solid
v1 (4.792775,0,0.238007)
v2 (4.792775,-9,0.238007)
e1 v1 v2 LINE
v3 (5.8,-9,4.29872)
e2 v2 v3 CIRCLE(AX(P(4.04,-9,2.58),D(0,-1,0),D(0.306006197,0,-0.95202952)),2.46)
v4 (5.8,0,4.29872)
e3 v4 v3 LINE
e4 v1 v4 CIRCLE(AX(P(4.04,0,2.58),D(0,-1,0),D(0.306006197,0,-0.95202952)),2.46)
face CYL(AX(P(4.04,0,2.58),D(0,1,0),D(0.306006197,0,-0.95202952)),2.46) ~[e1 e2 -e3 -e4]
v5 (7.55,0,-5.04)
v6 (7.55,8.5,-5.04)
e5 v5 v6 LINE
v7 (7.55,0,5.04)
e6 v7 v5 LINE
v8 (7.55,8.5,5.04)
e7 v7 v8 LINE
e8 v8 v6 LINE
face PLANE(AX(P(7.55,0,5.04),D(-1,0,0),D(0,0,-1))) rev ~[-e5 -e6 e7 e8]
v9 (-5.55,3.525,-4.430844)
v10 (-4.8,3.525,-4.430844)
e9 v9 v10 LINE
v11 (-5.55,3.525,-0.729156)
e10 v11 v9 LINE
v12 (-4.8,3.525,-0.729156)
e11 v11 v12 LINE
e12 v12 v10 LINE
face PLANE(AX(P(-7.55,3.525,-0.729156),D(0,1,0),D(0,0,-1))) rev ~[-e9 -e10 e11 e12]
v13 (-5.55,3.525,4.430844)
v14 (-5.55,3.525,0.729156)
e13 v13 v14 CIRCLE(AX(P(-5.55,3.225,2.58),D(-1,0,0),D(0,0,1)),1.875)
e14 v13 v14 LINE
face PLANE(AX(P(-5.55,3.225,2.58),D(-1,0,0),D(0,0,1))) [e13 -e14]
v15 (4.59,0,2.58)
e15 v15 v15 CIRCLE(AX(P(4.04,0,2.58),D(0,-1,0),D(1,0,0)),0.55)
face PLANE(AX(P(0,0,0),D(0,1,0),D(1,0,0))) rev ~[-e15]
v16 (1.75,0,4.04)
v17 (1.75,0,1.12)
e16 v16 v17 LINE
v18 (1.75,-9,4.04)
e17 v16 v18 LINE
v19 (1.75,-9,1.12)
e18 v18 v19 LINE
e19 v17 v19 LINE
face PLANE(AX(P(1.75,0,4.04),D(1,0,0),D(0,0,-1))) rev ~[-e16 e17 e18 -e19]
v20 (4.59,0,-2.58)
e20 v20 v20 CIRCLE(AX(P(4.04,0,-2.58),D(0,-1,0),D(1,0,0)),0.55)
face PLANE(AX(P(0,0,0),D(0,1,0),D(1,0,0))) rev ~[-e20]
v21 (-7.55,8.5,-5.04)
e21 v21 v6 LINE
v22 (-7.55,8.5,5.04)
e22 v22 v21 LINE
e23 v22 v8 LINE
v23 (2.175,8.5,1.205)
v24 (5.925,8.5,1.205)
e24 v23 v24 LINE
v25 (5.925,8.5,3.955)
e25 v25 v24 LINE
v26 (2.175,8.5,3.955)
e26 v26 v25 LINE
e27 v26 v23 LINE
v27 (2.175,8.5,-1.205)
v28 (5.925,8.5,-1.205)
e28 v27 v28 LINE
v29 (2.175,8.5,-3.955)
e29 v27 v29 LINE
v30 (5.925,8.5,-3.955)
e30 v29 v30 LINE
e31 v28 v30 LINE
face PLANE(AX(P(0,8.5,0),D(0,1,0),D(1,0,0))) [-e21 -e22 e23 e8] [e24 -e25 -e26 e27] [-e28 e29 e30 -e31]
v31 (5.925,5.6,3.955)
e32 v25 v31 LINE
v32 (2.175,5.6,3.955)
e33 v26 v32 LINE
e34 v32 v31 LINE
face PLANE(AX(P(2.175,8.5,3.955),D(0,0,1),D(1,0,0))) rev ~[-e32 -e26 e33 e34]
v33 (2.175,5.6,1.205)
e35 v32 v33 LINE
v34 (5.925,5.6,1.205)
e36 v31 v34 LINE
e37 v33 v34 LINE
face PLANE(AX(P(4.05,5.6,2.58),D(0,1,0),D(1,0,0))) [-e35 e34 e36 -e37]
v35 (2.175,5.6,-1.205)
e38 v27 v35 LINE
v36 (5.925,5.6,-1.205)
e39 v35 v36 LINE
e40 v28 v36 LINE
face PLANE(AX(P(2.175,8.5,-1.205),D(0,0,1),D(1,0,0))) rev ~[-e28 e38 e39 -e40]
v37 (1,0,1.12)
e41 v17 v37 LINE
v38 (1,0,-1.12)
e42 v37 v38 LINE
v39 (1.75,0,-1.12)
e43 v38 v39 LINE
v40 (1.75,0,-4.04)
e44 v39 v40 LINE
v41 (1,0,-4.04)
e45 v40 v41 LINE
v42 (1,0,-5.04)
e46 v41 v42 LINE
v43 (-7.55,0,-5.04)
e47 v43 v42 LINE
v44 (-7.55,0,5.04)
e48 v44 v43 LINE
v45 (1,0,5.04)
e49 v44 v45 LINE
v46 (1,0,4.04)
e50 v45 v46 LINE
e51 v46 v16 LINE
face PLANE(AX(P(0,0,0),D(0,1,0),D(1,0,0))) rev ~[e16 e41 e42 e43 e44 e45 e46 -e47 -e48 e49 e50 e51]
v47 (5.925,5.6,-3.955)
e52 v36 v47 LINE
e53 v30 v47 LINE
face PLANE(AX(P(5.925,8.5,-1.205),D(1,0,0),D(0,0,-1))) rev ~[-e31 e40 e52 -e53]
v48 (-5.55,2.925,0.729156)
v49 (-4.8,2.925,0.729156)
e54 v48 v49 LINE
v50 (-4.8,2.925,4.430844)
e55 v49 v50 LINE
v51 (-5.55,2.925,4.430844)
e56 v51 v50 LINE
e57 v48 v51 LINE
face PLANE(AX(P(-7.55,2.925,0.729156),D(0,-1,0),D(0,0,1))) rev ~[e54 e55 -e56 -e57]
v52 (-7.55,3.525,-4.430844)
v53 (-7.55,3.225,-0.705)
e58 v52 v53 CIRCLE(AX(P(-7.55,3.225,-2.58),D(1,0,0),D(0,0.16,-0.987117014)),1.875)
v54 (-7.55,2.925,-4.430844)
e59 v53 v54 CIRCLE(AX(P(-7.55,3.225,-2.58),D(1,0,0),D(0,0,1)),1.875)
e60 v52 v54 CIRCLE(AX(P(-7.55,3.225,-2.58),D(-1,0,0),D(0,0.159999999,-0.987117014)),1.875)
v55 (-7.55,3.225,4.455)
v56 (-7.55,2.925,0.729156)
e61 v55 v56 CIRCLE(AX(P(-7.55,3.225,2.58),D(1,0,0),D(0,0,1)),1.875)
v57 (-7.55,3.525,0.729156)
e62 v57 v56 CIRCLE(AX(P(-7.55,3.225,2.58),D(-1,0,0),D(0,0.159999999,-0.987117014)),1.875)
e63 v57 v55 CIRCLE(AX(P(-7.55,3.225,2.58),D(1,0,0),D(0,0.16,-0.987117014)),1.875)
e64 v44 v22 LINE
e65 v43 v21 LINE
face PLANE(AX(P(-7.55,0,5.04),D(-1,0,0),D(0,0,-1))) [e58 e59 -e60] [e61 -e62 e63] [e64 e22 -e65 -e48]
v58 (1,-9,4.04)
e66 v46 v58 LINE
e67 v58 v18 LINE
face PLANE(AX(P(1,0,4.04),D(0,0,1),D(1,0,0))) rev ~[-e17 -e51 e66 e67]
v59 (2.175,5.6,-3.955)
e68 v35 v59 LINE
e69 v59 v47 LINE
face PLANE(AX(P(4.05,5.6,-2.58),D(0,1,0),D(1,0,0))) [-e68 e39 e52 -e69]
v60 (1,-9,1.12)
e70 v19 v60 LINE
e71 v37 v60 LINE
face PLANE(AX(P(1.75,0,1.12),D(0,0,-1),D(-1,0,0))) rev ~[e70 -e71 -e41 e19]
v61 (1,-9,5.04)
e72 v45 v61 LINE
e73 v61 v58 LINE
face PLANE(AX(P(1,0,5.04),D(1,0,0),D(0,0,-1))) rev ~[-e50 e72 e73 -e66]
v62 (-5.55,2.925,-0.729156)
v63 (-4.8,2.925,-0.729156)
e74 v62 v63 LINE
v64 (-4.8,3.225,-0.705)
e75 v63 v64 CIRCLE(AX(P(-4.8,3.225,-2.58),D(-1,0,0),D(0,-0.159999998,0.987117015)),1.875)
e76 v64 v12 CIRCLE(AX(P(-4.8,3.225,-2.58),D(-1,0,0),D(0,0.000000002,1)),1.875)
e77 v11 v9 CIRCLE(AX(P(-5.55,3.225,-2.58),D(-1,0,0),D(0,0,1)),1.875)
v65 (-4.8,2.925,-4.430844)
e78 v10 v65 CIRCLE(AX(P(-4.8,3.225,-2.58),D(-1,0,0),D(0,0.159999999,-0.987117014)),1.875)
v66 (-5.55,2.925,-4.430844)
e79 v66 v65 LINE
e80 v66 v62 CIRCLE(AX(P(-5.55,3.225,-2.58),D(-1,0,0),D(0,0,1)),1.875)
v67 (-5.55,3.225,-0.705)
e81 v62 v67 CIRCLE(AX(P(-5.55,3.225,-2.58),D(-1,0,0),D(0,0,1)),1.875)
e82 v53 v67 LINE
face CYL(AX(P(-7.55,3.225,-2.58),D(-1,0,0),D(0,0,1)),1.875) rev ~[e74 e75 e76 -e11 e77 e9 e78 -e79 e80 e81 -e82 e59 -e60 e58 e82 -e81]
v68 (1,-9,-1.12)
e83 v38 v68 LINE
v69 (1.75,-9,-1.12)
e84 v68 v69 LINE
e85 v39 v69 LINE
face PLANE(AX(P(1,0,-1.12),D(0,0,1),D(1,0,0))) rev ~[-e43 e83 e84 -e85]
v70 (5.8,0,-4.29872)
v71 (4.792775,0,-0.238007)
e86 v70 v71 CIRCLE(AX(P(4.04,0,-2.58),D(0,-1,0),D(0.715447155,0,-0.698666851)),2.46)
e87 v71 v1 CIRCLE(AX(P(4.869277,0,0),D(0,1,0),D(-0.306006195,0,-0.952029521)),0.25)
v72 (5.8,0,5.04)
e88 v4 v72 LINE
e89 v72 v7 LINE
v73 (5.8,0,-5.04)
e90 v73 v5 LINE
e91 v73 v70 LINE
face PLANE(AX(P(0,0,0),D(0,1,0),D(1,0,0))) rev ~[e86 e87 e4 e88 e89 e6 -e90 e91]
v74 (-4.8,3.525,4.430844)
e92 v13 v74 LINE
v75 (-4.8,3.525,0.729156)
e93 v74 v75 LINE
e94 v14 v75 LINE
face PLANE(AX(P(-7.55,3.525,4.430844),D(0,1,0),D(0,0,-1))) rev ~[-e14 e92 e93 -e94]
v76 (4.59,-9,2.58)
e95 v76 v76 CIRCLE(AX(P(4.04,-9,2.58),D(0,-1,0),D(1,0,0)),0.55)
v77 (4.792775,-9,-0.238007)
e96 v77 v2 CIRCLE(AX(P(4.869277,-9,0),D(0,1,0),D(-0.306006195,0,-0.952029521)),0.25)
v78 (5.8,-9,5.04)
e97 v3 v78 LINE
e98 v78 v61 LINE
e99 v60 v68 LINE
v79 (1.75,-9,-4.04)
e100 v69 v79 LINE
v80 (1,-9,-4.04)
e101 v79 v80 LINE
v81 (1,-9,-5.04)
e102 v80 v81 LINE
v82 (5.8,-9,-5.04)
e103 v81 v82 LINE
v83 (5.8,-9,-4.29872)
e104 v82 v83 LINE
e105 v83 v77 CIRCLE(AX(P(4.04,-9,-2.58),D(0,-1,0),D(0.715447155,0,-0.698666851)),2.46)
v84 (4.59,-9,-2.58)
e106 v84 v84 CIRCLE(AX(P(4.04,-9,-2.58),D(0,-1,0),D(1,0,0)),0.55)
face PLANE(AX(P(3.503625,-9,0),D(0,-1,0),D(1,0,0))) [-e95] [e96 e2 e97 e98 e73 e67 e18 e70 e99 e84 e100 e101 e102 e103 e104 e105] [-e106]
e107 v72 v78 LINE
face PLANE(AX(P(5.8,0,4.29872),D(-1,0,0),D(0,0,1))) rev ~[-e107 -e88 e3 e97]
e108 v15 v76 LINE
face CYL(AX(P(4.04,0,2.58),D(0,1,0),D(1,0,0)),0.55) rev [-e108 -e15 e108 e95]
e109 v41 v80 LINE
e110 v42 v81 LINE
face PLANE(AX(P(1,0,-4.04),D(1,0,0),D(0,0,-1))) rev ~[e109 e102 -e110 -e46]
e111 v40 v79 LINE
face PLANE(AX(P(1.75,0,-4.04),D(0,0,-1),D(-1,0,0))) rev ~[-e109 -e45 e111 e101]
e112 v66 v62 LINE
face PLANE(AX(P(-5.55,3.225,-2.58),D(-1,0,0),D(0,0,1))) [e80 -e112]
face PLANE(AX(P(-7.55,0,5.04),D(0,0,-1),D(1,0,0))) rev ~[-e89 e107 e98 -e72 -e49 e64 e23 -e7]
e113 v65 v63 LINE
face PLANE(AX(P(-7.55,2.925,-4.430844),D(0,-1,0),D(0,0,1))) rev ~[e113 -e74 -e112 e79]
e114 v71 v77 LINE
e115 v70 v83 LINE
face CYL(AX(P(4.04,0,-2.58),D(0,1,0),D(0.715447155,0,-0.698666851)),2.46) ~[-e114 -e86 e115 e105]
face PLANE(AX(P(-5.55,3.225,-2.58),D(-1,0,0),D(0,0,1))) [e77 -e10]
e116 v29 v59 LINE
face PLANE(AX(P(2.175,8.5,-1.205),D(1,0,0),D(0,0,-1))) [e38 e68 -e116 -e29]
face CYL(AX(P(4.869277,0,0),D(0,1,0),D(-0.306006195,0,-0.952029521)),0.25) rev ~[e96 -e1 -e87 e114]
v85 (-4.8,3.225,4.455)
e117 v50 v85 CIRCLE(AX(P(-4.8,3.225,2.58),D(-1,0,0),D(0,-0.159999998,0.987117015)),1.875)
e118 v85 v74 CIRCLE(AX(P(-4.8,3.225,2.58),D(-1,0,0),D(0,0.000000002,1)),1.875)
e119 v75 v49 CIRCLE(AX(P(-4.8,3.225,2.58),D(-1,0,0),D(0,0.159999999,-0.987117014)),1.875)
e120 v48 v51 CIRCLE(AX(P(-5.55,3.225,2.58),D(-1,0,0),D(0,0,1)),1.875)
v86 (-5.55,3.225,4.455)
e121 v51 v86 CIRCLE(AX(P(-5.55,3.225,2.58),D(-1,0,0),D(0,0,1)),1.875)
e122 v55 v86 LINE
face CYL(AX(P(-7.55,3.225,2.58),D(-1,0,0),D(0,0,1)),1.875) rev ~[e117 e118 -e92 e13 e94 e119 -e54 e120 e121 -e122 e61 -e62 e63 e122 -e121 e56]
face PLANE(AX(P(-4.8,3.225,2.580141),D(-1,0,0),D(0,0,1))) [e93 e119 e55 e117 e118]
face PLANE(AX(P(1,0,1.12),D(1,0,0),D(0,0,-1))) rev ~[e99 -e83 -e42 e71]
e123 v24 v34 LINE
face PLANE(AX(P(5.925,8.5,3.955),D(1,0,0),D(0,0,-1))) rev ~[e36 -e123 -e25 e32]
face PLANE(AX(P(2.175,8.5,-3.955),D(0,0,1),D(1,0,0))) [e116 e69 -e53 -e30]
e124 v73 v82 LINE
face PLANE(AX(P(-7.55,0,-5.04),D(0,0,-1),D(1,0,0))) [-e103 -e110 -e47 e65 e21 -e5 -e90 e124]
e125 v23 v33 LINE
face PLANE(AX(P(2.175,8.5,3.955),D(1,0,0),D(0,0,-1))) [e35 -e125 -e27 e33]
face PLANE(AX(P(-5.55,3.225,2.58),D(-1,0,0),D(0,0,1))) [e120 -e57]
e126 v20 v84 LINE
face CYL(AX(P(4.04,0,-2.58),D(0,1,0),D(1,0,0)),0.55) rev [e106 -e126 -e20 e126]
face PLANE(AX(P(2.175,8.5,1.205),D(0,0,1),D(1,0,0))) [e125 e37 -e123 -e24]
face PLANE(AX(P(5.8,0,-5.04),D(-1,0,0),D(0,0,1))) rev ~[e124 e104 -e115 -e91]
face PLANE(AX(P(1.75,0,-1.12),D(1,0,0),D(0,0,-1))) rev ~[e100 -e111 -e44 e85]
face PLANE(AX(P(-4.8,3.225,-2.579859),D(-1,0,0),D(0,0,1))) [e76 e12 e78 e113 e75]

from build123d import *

# Parameters (mm, degrees)
SKETCH1_W           = 15.1
SKETCH1_H           = 10.08
BOSS_EXTRUDE1_DEPTH = 8.5
SKETCH2_R           = 0.55
BOSS_EXTRUDE2_DEPTH = 9
SKETCH3_R           = 1.875
CUT_EXTRUDE1_DEPTH  = 2
CUT_EXTRUDE2_DEPTH  = 2.75
SKETCH4_W           = 3.75
SKETCH4_H           = 2.75
CUT_EXTRUDE3_DEPTH  = 2.9


with BuildPart() as part:
    # Sketch1 → Boss-Extrude1 (new body)
    with BuildSketch(Plane(origin=(0, 0, 0), x_dir=(1, 0, 0), z_dir=(0, 1, 0))):
        Rectangle(SKETCH1_W, SKETCH1_H)
    extrude(amount=BOSS_EXTRUDE1_DEPTH)

    # Sketch2 → Boss-Extrude2 (add)
    with BuildSketch(Plane.XZ):
        with BuildLine():
            Line((5.8, 4.298720454), (5.8, 5.04))
            Line((5.8, 5.04), (1, 5.04))
            Line((1, 5.04), (1, 4.04))
            Line((1, 4.04), (1.75, 4.04))
            Line((1.75, 4.04), (1.75, 1.12))
            Line((1.75, 1.12), (1, 1.12))
            Line((1, 1.12), (1, -1.12))
            Line((1, -1.12), (1.75, -1.12))
            Line((1.75, -1.12), (1.75, -4.04))
            Line((1.75, -4.04), (1, -4.04))
            Line((1, -4.04), (1, -5.04))
            Line((1, -5.04), (5.8, -5.04))
            Line((5.8, -5.04), (5.8, -4.298720454))
            ThreePointArc((5.8, -4.298720454), (6.427646859, -1.987764848), (4.792775244, -0.23800738))
            ThreePointArc((4.792775244, -0.23800738), (4.619276793, 0), (4.792775244, 0.23800738))
            ThreePointArc((4.792775244, 0.23800738), (6.427646859, 1.987764848), (5.8, 4.298720454))
        make_face()
        with Locations((4.04, 2.58)):
            Circle(SKETCH2_R, mode=Mode.SUBTRACT)
        with Locations((4.04, -2.58)):
            Circle(SKETCH2_R, mode=Mode.SUBTRACT)
    extrude(amount=BOSS_EXTRUDE2_DEPTH)

    # Sketch3 → Cut-Extrude1 (cut)
    with BuildSketch(Plane.ZY.offset(7.55)):
        with Locations((-2.58, 3.225)):
            Circle(SKETCH3_R)
        with Locations((2.58, 3.225)):
            Circle(SKETCH3_R)
    extrude(amount=-CUT_EXTRUDE1_DEPTH, mode=Mode.SUBTRACT)

    # Sketch3<3> → Cut-Extrude2 (cut)
    with BuildSketch(Plane.ZY.offset(7.55)):
        with BuildLine():
            Line((-0.729155598, 3.525), (-4.430844402, 3.525))
            ThreePointArc((-4.430844402, 3.525), (-4.455, 3.225), (-4.430844402, 2.925))
            Line((-4.430844402, 2.925), (-0.729155598, 2.925))
            ThreePointArc((-0.729155598, 2.925), (-0.705, 3.225), (-0.729155598, 3.525))
        make_face()
        with BuildLine():
            Line((0.729155598, 2.925), (4.430844402, 2.925))
            ThreePointArc((4.430844402, 2.925), (4.455, 3.225), (4.430844402, 3.525))
            Line((4.430844402, 3.525), (0.729155598, 3.525))
            ThreePointArc((0.729155598, 3.525), (0.705, 3.225), (0.729155598, 2.925))
        make_face()
    extrude(amount=-CUT_EXTRUDE2_DEPTH, mode=Mode.SUBTRACT)

    # Sketch4 → Cut-Extrude3 (cut)
    with BuildSketch(Plane(origin=(0, 8.5, 0), x_dir=(1, 0, 0), z_dir=(0, 1, 0))):
        with Locations((4.05, -2.58)):
            Rectangle(SKETCH4_W, SKETCH4_H)
        with Locations((4.05, 2.58)):
            Rectangle(SKETCH4_W, SKETCH4_H)
    extrude(amount=-CUT_EXTRUDE3_DEPTH, mode=Mode.SUBTRACT)


solid = part.part
